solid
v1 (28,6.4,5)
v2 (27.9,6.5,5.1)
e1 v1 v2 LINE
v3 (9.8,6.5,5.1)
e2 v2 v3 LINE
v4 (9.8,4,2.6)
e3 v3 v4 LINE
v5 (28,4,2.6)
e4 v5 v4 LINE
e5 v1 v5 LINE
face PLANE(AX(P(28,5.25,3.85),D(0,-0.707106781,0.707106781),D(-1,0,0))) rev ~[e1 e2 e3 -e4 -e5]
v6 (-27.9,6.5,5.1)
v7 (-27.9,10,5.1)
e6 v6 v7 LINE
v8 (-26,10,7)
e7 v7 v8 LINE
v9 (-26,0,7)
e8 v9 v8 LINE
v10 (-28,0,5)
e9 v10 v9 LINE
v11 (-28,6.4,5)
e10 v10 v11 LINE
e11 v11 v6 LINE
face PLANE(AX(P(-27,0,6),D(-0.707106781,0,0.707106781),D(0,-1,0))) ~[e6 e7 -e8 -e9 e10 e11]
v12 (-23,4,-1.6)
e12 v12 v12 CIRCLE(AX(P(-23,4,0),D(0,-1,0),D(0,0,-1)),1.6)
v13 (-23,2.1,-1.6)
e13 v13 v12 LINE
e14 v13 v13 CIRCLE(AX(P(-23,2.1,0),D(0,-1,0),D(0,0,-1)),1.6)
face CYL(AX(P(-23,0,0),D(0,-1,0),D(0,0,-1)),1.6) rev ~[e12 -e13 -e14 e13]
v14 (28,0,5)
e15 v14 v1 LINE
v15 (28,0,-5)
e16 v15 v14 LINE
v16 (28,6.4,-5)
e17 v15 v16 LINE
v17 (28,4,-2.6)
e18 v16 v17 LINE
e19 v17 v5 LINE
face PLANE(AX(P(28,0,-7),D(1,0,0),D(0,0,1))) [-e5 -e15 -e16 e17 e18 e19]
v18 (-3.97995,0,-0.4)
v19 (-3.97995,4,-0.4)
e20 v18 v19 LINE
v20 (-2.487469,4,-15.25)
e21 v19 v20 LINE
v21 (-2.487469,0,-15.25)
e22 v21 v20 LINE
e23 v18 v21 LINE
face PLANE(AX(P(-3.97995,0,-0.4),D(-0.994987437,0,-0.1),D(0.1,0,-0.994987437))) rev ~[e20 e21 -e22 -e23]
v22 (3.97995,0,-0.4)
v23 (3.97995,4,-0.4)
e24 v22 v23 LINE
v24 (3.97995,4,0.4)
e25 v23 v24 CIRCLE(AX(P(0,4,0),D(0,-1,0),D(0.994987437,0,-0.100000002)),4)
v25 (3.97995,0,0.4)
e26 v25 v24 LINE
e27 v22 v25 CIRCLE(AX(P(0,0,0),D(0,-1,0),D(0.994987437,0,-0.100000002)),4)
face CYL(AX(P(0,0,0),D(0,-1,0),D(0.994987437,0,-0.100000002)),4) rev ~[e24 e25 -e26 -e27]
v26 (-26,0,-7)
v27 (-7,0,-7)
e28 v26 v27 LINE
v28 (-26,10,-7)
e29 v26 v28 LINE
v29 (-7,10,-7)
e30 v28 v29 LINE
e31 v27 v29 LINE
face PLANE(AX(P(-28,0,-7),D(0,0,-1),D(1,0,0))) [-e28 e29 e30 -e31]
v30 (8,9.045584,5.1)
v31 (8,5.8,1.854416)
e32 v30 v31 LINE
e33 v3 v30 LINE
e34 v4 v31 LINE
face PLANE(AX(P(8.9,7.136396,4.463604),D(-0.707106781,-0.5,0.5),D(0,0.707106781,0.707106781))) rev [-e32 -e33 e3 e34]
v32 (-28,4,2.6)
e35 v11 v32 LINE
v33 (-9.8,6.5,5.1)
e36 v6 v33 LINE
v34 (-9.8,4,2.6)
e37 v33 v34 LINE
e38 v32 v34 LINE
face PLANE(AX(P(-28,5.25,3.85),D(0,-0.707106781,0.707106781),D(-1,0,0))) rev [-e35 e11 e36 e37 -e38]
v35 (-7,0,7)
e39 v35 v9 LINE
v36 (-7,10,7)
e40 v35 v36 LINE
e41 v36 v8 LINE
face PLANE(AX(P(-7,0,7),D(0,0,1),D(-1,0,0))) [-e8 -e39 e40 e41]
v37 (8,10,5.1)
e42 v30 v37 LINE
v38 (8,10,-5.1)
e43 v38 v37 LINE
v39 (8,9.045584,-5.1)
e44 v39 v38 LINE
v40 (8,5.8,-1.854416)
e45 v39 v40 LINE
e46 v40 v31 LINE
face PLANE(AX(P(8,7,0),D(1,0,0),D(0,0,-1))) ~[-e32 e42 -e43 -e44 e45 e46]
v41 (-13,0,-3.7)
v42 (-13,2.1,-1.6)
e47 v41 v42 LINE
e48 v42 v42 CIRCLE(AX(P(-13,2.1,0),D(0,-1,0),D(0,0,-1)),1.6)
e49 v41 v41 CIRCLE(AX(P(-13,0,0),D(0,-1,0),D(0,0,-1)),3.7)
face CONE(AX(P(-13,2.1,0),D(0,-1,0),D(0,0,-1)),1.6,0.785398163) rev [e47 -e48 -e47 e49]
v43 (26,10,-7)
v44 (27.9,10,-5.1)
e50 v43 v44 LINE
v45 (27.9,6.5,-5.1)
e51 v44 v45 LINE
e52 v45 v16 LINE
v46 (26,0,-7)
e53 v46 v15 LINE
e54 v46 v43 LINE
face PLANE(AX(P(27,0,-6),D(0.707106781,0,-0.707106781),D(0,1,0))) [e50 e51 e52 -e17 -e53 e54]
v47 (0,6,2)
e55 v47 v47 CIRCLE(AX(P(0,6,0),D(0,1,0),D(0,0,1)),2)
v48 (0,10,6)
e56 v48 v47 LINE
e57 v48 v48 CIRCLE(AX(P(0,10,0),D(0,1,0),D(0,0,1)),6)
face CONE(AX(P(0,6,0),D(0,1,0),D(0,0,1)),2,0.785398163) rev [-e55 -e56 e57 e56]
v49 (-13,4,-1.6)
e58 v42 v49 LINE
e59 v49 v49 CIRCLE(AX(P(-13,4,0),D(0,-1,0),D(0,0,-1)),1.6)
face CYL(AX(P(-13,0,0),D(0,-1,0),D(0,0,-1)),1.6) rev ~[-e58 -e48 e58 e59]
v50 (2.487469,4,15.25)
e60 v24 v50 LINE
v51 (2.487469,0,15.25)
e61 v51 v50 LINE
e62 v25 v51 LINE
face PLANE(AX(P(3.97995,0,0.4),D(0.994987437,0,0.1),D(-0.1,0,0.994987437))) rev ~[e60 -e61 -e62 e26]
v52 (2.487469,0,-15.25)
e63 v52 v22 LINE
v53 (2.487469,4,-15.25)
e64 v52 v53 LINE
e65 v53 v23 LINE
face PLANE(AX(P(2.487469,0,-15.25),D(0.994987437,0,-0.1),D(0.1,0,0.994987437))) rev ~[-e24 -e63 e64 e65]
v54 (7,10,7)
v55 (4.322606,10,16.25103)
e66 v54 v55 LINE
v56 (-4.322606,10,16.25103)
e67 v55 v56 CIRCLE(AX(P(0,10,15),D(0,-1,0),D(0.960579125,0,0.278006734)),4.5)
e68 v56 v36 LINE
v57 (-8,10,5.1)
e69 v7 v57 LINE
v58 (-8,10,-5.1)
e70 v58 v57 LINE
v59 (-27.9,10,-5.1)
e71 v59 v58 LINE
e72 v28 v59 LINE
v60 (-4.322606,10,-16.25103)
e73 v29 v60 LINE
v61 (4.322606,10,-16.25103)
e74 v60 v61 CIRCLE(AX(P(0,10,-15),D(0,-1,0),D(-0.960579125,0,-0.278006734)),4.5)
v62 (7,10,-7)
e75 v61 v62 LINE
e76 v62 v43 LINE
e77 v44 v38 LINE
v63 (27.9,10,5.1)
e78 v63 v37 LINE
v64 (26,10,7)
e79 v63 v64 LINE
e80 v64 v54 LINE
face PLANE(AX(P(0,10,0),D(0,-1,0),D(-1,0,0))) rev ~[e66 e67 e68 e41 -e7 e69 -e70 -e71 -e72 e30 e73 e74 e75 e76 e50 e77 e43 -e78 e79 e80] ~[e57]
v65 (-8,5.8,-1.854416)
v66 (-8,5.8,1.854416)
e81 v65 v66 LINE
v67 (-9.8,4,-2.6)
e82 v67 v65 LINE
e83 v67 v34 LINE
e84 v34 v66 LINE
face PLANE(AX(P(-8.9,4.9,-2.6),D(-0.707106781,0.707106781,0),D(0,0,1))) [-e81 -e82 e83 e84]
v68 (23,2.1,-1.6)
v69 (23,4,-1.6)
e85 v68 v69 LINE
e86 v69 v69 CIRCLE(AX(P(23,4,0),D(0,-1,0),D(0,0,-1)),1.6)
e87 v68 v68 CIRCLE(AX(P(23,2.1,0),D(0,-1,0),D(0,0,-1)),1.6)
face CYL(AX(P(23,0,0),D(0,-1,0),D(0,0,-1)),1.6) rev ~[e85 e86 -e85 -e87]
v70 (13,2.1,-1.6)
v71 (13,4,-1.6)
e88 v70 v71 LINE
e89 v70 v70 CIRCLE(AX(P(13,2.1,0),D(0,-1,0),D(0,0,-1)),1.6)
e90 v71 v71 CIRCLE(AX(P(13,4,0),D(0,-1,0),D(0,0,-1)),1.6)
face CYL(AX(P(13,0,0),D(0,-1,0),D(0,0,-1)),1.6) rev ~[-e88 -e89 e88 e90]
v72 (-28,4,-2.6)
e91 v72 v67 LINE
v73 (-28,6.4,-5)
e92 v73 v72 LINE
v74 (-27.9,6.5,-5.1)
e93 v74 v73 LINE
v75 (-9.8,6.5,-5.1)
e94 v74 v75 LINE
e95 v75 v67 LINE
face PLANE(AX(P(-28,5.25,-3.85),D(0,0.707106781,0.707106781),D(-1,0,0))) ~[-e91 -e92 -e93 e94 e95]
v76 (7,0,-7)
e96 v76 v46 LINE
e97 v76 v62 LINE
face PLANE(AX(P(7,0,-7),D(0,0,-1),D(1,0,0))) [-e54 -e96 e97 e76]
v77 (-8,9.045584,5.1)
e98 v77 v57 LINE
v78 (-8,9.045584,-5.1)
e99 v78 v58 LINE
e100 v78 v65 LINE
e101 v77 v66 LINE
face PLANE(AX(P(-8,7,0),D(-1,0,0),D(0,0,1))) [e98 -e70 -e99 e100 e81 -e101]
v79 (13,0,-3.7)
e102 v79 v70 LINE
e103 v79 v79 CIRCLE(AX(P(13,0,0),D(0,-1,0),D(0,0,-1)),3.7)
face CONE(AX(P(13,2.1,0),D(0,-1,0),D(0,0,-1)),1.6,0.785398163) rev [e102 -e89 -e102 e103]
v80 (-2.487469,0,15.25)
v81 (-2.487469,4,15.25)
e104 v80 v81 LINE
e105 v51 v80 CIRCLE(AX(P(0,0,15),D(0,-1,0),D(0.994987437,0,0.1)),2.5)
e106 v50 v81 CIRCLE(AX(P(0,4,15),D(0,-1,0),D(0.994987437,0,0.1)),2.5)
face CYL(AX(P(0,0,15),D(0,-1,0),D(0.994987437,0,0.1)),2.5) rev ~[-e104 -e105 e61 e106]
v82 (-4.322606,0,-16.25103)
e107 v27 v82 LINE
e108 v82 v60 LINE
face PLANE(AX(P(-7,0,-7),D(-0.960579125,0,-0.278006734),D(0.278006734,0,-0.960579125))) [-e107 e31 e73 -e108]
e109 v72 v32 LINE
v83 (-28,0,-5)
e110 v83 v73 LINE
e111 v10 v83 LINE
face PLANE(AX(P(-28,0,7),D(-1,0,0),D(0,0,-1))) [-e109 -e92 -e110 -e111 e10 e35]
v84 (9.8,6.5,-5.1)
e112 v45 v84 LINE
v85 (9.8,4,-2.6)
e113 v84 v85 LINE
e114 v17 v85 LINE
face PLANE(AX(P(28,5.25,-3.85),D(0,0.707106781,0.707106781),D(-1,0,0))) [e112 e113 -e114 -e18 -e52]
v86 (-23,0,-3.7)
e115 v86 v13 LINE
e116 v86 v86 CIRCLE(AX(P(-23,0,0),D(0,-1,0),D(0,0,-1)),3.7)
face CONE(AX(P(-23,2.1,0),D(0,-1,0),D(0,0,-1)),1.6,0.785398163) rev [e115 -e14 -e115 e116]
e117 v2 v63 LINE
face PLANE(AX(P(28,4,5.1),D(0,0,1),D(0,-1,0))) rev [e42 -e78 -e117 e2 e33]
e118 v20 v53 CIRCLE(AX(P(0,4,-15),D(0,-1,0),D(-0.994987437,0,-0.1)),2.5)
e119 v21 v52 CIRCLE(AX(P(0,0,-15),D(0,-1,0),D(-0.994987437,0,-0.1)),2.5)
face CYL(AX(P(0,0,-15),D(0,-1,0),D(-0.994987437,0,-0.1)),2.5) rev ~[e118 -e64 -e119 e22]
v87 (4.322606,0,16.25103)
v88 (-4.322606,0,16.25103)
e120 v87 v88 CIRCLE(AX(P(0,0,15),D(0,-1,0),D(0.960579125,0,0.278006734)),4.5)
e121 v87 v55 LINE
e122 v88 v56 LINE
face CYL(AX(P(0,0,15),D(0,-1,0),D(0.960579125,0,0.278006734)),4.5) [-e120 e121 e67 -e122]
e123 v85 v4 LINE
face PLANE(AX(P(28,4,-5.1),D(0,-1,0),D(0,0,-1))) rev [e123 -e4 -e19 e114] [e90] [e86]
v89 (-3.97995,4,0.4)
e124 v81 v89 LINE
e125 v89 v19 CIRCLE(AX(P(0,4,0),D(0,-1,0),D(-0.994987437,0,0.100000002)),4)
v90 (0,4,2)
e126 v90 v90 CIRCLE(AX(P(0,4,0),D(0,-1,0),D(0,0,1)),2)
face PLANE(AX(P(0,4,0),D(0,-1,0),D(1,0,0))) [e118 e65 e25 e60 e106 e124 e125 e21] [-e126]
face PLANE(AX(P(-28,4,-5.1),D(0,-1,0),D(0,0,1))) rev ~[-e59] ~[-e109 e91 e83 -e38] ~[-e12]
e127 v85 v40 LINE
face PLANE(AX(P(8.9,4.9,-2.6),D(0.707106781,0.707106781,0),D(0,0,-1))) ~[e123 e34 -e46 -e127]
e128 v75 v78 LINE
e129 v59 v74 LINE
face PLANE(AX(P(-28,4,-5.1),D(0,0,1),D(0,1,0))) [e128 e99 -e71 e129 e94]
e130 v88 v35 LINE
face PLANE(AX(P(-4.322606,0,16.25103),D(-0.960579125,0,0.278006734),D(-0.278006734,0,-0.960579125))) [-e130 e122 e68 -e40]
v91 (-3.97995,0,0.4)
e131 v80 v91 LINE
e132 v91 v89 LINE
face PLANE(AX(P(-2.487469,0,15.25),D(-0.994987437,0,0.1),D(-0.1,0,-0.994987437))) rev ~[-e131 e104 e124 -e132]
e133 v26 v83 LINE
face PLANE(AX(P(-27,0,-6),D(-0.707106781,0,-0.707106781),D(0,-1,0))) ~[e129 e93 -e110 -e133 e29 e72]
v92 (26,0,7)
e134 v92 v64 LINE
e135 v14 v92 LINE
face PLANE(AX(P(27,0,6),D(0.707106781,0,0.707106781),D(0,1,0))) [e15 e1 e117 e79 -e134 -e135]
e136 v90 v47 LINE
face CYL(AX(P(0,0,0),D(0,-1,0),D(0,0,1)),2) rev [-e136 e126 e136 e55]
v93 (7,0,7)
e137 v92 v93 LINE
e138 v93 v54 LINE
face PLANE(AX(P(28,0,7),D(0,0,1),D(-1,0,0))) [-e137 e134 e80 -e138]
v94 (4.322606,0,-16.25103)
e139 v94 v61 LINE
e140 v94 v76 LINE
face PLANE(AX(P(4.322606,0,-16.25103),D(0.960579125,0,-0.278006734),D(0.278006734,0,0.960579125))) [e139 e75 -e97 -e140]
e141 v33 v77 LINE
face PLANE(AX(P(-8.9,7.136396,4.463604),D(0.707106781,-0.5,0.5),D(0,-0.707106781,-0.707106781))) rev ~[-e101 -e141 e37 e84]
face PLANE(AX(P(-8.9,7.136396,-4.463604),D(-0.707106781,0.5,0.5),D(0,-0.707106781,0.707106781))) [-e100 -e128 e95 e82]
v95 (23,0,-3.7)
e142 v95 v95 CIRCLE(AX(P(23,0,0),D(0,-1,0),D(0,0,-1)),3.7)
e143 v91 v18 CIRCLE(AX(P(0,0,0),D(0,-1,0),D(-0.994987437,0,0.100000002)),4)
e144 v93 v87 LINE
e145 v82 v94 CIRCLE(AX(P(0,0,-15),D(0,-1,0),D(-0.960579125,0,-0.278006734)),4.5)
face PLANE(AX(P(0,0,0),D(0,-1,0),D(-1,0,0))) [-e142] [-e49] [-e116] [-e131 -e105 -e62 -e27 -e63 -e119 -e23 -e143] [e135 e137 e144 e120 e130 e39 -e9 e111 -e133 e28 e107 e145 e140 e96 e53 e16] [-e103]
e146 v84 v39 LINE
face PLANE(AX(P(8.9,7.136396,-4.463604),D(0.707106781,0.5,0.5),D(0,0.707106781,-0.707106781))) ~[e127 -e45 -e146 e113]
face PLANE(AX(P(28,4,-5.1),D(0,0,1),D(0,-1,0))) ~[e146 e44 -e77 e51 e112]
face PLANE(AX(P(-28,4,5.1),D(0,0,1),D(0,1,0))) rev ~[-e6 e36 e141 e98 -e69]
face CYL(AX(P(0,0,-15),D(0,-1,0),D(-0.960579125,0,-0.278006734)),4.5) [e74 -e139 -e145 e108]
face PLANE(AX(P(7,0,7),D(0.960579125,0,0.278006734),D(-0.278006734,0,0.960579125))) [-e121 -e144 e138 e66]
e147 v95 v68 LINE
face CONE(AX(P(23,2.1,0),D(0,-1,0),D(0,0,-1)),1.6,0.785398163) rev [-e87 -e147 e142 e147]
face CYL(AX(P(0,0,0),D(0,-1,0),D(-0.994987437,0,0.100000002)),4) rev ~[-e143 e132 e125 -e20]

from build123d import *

# Parameters (mm, degrees)
ESQUISSE1_R                  = 2
BOSS_EXTRU_1_DEPTH           = 10
ESQUISSE2_W                  = 10.2
ESQUISSE2_H                  = 6
ENL_V_MAT_EXTRU_1_DEPTH      = 20
CHANFREIN1_SIZE              = 2.5
CHANFREIN2_SIZE              = 1.8
CHANFREIN1_OF_SYM_TRIE1_SIZE = 2.5
CHANFREIN2_OF_SYM_TRIE1_SIZE = 1.8
ESQUISSE5_R                  = 1.6
ENL_V_MAT_EXTRU_4_DEPTH      = 7
CHANFREIN4_SIZE              = 2.1
CHANFREIN5_SIZE              = 2
ENL_V_MAT_EXTRU_5_DEPTH      = 4
CHANFREIN6_SIZE              = 4


with BuildPart() as part:
    # Esquisse1 → Boss.-Extru.1 (new body)
    with BuildSketch(Plane(origin=(0, 0, 0), x_dir=(1, 0, 0), z_dir=(0, 1, 0))):
        with BuildLine():
            Line((7, 7), (28, 7))
            Line((28, 7), (28, -7))
            Line((28, -7), (7, -7))
            Line((7, -7), (4.322606063, -16.251030305))
            ThreePointArc((4.322606063, -16.251030305), (0, -19.5), (-4.322606063, -16.251030305))
            Line((-4.322606063, -16.251030305), (-7, -7))
            Line((-7, -7), (-28, -7))
            Line((-28, -7), (-28, 7))
            Line((-28, 7), (-7, 7))
            Line((-7, 7), (-4.322606063, 16.251030305))
            ThreePointArc((-4.322606063, 16.251030305), (0, 19.5), (4.322606063, 16.251030305))
            Line((4.322606063, 16.251030305), (7, 7))
        make_face()
        with Locations(Location((0, 0, 0), (0, 0, 270))):
            Circle(ESQUISSE1_R, mode=Mode.SUBTRACT)
    extrude(amount=BOSS_EXTRU_1_DEPTH)

    # Esquisse2 → Enlèv. mat.-Extru.1 (cut)
    with BuildSketch(Plane.ZY.offset(28)):
        with Locations((0, 7)):
            Rectangle(ESQUISSE2_W, ESQUISSE2_H)
    enl_v_mat_extru_1 = extrude(amount=-ENL_V_MAT_EXTRU_1_DEPTH, mode=Mode.SUBTRACT)

    # Chanfrein1
    chanfrein1_edges = [part.edges().sort_by_distance(p)[0] for p in [
        (-18, 4, -5.1),
        (-18, 4, 5.1),
    ]]
    chamfer(chanfrein1_edges, length=CHANFREIN1_SIZE)

    # Chanfrein2
    chanfrein2_edges = [part.edges().sort_by_distance(p)[0] for p in [
        (-8, 4, 0),
        (-8, 5.25, -3.85),
        (-8, 5.25, 3.85),
    ]]
    chamfer(chanfrein2_edges, length=CHANFREIN2_SIZE)

    # Symétrie1: Enlèv. mat.-Extru.1 across plane
    add(enl_v_mat_extru_1.mirror(Plane(origin=(0, 0, 0), x_dir=(0, 0, 1), z_dir=(1, 0, 0))), mode=Mode.SUBTRACT)

    # Chanfrein1 of Symétrie1
    chanfrein1_of_sym_trie1_edges = [part.edges().sort_by_distance(p)[0] for p in [
        (18, 4, -5.1),
        (18, 4, 5.1),
    ]]
    chamfer(chanfrein1_of_sym_trie1_edges, length=CHANFREIN1_OF_SYM_TRIE1_SIZE)

    # Chanfrein2 of Symétrie1
    chanfrein2_of_sym_trie1_edges = [part.edges().sort_by_distance(p)[0] for p in [
        (8, 4, 0),
        (8, 5.25, -3.85),
        (8, 5.25, 3.85),
    ]]
    chamfer(chanfrein2_of_sym_trie1_edges, length=CHANFREIN2_OF_SYM_TRIE1_SIZE)

    # Esquisse5 → Enlèv. mat.-Extru.4 (cut)
    with BuildSketch(Plane.XZ):
        with Locations(Location((-23, 0, 0), (0, 0, 270))):
            Circle(ESQUISSE5_R)
        with Locations(Location((-13, 0, 0), (0, 0, 270))):
            Circle(ESQUISSE5_R)
        with Locations(Location((13, 0, 0), (0, 0, 270))):
            Circle(ESQUISSE5_R)
        with Locations(Location((23, 0, 0), (0, 0, 270))):
            Circle(ESQUISSE5_R)
    extrude(amount=-ENL_V_MAT_EXTRU_4_DEPTH, mode=Mode.SUBTRACT)

    # Chanfrein4
    chanfrein4_edges = [part.edges().sort_by_distance(p)[0] for p in [
        (-23, 0, 1.6),
        (-13, 0, 1.6),
        (13, 0, 1.6),
        (23, 0, 1.6),
    ]]
    chamfer(chanfrein4_edges, length=CHANFREIN4_SIZE)

    # Chanfrein5
    chanfrein5_edges = [part.edges().sort_by_distance(p)[0] for p in [
        (28, 5, -7),
        (28, 5, 7),
        (-28, 5, -7),
        (-28, 5, 7),
    ]]
    chamfer(chanfrein5_edges, length=CHANFREIN5_SIZE)

    # Esquisse6 → Enlèv. mat.-Extru.5 (cut)
    with BuildSketch(Plane.XZ):
        with BuildLine():
            Line((-3.979949748, -0.4), (-2.487468593, -15.25))
            ThreePointArc((-2.487468593, -15.25), (0, -17.5), (2.487468593, -15.25))
            Line((2.487468593, -15.25), (3.979949748, -0.4))
            ThreePointArc((3.979949748, -0.4), (4, 0), (3.979949748, 0.4))
            Line((3.979949748, 0.4), (2.487468593, 15.25))
            ThreePointArc((2.487468593, 15.25), (0, 17.5), (-2.487468593, 15.25))
            Line((-2.487468593, 15.25), (-3.979949748, 0.4))
            ThreePointArc((-3.979949748, 0.4), (-4, 0), (-3.979949748, -0.4))
        make_face()
    extrude(amount=-ENL_V_MAT_EXTRU_5_DEPTH, mode=Mode.SUBTRACT)

    # Chanfrein6
    chanfrein6_edges = [part.edges().sort_by_distance(p)[0] for p in [
        (0, 10, -2),
    ]]
    chamfer(chanfrein6_edges, length=CHANFREIN6_SIZE)


solid = part.part
